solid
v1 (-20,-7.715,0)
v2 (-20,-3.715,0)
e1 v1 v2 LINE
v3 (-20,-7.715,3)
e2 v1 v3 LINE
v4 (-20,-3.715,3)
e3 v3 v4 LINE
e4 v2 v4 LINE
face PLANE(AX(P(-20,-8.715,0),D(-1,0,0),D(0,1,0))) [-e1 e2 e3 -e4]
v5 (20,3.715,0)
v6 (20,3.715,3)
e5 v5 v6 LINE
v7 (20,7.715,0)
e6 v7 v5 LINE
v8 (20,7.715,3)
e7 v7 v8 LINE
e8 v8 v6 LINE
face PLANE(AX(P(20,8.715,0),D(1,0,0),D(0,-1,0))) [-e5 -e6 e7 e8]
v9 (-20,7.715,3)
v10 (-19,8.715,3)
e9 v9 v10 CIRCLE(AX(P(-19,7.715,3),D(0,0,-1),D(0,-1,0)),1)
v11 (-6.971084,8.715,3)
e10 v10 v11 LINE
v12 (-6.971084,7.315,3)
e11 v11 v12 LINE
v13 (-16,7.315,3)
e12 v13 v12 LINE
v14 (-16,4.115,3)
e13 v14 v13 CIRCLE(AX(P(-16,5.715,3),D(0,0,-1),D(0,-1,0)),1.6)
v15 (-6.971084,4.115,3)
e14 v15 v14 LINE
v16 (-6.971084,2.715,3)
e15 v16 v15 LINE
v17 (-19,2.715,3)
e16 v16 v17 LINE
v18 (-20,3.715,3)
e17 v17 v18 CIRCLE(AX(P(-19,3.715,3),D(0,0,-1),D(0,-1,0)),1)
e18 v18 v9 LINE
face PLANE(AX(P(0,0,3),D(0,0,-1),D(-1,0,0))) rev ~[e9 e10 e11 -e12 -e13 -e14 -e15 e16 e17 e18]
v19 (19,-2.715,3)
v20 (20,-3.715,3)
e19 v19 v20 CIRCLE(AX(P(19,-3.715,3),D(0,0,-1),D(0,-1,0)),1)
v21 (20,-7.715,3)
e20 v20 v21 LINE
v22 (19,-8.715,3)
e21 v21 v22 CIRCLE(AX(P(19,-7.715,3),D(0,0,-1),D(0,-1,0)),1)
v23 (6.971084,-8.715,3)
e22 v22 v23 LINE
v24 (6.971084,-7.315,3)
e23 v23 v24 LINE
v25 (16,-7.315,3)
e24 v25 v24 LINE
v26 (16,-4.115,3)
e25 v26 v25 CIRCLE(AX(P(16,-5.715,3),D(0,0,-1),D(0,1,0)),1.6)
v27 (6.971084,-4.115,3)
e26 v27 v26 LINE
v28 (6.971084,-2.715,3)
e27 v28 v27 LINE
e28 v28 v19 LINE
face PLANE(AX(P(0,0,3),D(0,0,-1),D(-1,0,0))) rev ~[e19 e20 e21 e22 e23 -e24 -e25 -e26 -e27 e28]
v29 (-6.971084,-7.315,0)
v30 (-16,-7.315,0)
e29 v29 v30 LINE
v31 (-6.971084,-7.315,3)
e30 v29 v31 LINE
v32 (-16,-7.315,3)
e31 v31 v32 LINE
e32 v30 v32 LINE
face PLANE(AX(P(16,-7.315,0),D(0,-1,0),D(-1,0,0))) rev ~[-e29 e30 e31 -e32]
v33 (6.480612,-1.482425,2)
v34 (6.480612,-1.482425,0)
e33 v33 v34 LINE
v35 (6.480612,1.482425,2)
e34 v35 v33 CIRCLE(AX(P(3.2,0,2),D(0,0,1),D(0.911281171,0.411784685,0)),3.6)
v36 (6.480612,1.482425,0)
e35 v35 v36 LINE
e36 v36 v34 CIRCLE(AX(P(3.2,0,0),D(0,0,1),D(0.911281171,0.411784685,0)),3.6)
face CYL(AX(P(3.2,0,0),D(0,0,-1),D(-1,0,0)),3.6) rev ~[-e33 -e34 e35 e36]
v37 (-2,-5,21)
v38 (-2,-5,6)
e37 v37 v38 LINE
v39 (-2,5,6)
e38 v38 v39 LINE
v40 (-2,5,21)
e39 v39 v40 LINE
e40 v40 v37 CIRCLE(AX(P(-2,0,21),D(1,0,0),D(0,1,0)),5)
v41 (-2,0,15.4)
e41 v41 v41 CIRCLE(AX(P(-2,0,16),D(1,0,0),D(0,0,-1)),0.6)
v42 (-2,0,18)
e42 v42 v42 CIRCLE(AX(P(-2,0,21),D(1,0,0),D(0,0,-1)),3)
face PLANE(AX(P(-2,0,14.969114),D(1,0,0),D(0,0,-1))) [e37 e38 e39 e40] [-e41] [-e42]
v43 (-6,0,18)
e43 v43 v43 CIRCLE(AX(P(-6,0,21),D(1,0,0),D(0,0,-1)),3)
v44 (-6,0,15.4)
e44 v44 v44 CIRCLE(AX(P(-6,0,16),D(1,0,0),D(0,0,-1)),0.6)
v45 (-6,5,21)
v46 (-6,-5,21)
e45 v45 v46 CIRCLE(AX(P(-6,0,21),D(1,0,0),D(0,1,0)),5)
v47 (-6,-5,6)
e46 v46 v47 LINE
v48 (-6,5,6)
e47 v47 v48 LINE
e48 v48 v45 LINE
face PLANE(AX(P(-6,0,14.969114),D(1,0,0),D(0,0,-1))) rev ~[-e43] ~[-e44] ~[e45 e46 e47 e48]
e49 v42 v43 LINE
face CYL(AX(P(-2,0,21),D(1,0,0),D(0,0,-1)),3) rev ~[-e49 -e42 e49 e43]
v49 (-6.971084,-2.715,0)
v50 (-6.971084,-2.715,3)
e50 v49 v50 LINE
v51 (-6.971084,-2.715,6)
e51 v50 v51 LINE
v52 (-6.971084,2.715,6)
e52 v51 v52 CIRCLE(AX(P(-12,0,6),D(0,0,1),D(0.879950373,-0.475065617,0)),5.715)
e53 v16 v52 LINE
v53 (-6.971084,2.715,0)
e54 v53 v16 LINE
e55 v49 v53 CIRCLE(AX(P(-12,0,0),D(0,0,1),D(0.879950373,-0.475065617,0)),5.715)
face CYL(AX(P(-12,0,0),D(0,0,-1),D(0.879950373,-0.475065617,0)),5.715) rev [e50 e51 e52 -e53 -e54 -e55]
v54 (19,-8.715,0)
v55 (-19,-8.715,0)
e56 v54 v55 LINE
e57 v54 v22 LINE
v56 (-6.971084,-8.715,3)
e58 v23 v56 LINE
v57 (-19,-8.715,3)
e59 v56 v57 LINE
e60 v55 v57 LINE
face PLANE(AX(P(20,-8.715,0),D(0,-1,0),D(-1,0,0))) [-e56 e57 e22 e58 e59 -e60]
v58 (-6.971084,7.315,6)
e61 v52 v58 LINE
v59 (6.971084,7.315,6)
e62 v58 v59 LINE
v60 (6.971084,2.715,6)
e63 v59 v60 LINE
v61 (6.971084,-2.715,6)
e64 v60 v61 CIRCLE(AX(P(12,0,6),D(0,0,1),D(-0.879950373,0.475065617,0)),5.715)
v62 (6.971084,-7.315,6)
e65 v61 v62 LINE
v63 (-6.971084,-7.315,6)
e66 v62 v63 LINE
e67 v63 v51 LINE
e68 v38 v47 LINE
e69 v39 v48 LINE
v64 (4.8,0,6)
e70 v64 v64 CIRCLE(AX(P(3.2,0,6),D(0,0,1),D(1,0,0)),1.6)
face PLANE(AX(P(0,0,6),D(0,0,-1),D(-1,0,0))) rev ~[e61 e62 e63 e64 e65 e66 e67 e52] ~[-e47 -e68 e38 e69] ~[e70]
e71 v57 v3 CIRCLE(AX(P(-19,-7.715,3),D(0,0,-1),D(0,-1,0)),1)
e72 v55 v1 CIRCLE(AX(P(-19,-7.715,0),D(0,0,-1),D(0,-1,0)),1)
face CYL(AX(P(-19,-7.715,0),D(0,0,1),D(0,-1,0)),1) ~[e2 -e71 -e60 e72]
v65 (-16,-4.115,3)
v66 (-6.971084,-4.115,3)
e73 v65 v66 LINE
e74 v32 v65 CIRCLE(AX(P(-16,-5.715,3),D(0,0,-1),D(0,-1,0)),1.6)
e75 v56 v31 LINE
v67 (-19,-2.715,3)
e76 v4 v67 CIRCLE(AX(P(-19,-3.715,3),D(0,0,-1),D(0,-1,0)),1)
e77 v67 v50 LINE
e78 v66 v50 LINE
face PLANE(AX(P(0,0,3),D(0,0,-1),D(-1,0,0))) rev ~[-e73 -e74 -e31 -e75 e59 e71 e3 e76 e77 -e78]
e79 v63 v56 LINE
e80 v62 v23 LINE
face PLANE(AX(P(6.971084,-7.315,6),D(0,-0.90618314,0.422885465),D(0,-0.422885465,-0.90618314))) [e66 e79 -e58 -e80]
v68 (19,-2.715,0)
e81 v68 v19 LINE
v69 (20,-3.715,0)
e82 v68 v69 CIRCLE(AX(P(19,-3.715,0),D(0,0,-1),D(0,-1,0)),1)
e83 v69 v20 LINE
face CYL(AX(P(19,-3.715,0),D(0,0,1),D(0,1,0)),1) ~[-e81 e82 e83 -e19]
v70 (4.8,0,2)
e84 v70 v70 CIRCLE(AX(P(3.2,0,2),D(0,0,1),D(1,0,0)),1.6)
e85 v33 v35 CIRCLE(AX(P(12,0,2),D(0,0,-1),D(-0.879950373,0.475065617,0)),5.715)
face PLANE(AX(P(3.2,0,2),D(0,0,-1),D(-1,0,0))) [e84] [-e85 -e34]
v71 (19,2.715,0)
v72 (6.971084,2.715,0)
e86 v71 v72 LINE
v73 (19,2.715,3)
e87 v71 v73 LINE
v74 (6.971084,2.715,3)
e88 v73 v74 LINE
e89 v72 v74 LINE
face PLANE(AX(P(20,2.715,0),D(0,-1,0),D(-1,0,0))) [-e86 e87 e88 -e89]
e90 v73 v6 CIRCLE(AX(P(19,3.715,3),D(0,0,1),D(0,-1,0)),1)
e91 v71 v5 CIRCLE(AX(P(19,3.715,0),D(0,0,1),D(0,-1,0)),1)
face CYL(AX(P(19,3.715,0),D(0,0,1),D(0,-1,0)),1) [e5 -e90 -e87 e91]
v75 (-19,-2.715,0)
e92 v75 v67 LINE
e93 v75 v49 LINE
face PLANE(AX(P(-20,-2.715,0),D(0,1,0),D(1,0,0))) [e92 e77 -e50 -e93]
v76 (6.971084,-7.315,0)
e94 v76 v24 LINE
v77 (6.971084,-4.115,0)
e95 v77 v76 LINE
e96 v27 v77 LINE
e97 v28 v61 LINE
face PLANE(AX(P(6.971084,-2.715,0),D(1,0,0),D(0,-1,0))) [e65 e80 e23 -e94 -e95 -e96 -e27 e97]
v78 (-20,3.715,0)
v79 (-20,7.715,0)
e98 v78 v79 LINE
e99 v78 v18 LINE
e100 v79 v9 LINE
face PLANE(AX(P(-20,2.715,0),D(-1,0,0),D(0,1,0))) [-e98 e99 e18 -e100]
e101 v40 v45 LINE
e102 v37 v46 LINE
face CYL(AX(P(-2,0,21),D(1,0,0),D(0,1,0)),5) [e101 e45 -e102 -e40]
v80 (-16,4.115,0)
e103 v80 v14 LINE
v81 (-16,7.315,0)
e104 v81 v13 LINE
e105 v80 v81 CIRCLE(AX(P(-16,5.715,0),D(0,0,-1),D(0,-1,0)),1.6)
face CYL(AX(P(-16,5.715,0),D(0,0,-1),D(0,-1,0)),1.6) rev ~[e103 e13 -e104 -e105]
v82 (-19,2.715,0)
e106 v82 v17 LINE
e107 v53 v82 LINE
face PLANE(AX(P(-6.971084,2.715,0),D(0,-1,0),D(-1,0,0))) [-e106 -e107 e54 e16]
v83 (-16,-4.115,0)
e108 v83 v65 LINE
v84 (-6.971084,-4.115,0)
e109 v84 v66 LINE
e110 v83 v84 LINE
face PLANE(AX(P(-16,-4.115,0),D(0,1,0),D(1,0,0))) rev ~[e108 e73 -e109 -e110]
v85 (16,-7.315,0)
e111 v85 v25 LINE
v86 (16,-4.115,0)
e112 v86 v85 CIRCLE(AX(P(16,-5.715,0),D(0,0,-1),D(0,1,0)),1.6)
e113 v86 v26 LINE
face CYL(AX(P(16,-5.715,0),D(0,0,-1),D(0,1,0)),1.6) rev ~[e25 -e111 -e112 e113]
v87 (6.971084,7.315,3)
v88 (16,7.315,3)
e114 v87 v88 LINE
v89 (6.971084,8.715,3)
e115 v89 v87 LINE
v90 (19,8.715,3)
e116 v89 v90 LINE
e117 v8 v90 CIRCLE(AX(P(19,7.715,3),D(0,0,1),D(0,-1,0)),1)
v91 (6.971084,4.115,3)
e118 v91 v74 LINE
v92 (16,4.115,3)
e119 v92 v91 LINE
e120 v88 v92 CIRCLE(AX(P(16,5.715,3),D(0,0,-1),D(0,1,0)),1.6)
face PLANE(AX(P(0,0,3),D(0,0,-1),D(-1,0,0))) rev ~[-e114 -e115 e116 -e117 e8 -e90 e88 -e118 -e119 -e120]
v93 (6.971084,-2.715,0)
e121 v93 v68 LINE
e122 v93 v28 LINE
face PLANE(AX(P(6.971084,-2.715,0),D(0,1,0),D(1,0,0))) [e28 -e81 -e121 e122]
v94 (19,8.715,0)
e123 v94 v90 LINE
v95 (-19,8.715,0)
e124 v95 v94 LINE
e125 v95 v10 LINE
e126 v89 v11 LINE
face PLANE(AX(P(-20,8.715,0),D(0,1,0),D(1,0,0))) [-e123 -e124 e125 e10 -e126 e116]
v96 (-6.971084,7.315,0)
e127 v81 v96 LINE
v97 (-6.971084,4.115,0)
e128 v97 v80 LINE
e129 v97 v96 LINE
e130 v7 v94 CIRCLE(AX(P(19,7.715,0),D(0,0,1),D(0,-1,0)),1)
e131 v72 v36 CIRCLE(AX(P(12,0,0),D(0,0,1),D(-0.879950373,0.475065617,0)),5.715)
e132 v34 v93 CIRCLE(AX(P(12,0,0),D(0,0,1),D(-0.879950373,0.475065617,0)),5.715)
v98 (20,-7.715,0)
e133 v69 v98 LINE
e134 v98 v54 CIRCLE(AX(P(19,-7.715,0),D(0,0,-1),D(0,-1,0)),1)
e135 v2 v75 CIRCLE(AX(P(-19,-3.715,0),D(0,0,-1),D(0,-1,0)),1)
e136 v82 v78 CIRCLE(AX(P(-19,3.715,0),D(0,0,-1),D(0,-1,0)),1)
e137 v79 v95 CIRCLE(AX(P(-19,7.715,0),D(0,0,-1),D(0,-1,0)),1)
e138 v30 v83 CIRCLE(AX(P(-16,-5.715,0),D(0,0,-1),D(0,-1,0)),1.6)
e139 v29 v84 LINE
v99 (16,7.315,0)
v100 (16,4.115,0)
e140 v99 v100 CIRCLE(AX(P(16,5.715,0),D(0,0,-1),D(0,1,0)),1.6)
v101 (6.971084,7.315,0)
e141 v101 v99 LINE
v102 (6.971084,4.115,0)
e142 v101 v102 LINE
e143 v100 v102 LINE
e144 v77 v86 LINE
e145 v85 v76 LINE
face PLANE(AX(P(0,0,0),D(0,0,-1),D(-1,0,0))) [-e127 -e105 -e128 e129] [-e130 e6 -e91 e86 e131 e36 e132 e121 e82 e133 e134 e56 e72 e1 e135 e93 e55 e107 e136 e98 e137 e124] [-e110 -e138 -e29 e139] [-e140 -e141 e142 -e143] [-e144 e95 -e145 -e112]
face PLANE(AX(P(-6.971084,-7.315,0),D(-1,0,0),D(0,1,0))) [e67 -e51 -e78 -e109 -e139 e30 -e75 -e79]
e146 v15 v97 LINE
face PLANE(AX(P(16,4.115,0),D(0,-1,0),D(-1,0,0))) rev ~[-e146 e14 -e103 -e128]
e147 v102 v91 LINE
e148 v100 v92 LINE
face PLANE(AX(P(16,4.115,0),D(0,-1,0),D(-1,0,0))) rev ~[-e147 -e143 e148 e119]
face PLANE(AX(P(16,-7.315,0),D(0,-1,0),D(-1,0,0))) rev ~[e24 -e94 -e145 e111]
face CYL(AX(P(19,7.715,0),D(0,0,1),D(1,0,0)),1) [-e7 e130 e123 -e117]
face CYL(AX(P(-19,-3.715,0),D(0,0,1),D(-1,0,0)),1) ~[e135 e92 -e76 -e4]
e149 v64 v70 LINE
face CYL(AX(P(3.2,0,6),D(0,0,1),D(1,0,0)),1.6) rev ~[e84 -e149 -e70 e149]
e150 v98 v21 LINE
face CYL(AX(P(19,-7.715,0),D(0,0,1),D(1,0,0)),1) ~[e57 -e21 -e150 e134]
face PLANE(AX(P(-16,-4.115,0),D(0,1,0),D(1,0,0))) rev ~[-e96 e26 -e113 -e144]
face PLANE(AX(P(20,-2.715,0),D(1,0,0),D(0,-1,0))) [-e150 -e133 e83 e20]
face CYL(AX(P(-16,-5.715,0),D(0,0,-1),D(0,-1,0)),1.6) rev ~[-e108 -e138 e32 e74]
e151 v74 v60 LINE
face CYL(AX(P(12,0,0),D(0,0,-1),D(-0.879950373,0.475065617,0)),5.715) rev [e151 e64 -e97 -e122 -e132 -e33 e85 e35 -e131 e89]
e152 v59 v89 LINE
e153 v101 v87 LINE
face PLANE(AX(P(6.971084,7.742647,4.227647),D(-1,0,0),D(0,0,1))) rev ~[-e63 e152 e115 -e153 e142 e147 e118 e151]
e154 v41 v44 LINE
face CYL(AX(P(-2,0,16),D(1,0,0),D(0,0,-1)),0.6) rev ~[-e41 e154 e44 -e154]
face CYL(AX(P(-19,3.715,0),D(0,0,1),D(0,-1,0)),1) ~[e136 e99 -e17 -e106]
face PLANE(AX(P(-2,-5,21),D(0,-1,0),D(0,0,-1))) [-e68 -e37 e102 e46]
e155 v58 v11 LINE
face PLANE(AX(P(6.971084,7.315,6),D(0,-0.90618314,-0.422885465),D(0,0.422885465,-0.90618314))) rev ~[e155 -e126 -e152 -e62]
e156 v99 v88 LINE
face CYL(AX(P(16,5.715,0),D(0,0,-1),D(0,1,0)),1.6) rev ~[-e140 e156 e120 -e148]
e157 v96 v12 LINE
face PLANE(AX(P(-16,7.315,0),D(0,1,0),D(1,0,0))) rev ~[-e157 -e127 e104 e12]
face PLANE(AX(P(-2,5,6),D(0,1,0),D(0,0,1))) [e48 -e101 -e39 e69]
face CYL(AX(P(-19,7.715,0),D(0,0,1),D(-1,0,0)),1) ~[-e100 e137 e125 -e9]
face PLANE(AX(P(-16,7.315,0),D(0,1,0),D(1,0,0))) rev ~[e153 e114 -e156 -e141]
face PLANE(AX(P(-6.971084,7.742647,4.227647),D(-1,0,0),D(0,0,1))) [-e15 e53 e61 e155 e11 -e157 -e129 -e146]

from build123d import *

# Parameters (mm, degrees)
EXTRUDE_1_DEPTH     = 3
EXTRUDE_START       = -3
EXTRUDE_2_DEPTH     = 6
EXTRUDE_START_2     = -2
SKETCH_3_R          = 3
SKETCH_3_R_2        = 0.6
EXTRUDE_3_DEPTH     = 4
FILLET_2_R          = 1
EXTRUDE_4_DEPTH     = 13.942167231
SKETCH_8_R          = 1.6
CUT_EXTRUDE_1_DEPTH = 30.596473185
SKETCH_9_R          = 3.6
CUT_EXTRUDE_2_DEPTH = 2


with BuildPart() as part:
    # 草图1 → 凸台-拉伸1 (new body)
    with BuildSketch(Plane.XY):
        with BuildLine():
            Line((20, 8.715), (20, 2.715))
            Line((20, 2.715), (6.971083616, 2.715))
            ThreePointArc((6.971083616, 2.715), (6.285, 0), (6.971083616, -2.715))
            Line((6.971083616, -2.715), (20, -2.715))
            Line((20, -2.715), (20, -8.715))
            Line((20, -8.715), (-20, -8.715))
            Line((-20, -8.715), (-20, -2.715))
            Line((-20, -2.715), (-6.971083616, -2.715))
            ThreePointArc((-6.971083616, -2.715), (-6.285, 0), (-6.971083616, 2.715))
            Line((-6.971083616, 2.715), (-20, 2.715))
            Line((-20, 2.715), (-20, 8.715))
            Line((-20, 8.715), (20, 8.715))
        make_face()
        with BuildLine():
            Line((16, 4.115), (-16, 4.115))
            ThreePointArc((-16, 4.115), (-17.6, 5.715), (-16, 7.315))
            Line((-16, 7.315), (16, 7.315))
            ThreePointArc((16, 7.315), (17.6, 5.715), (16, 4.115))
        make_face(mode=Mode.SUBTRACT)
        with BuildLine():
            Line((16, -7.315), (-16, -7.315))
            ThreePointArc((-16, -7.315), (-17.6, -5.715), (-16, -4.115))
            Line((-16, -4.115), (16, -4.115))
            ThreePointArc((16, -4.115), (17.6, -5.715), (16, -7.315))
        make_face(mode=Mode.SUBTRACT)
    extrude(amount=EXTRUDE_1_DEPTH)

    # 草图2 → 凸台-拉伸2 (add)
    with BuildSketch(Plane.XY.offset(3).offset(EXTRUDE_START)):
        with BuildLine():
            Line((-6.971083616, 2.715), (-6.971083616, 4.115))
            Line((-6.971083616, 4.115), (-6.971083616, 7.315))
            Line((-6.971083616, 7.315), (6.971083616, 7.315))
            Line((6.971083616, 7.315), (6.971083616, 4.115))
            Line((6.971083616, 4.115), (6.971083616, 2.715))
            ThreePointArc((6.971083616, 2.715), (6.285, 0), (6.971083616, -2.715))
            Line((6.971083616, -2.715), (6.971083616, -4.115))
            Line((6.971083616, -4.115), (6.971083616, -7.315))
            Line((6.971083616, -7.315), (-6.971083616, -7.315))
            Line((-6.971083616, -7.315), (-6.971083616, -4.115))
            Line((-6.971083616, -4.115), (-6.971083616, -2.715))
            ThreePointArc((-6.971083616, -2.715), (-6.285, 0), (-6.971083616, 2.715))
        make_face()
    extrude(amount=EXTRUDE_2_DEPTH)

    # 草图3 → 凸台-拉伸3 (add)
    with BuildSketch(Plane(origin=(0, 0, 0), x_dir=(0, 0, -1), z_dir=(1, 0, 0)).offset(EXTRUDE_START_2)):
        with BuildLine():
            Line((-6, 5), (-21, 5))
            ThreePointArc((-21, 5), (-26, 0), (-21, -5))
            Line((-21, -5), (-6, -5))
            Line((-6, -5), (-6, 5))
        make_face()
        with Locations((-21, 0)):
            Circle(SKETCH_3_R, mode=Mode.SUBTRACT)
        with Locations((-16, 0)):
            Circle(SKETCH_3_R_2, mode=Mode.SUBTRACT)
    extrude(amount=-EXTRUDE_3_DEPTH)

    # 圆角2
    fillet_2_edges = [part.edges().sort_by_distance(p)[0] for p in [
        (-20, -8.715, 1.5),
        (-20, -2.715, 1.5),
        (-20, 2.715, 1.5),
        (-20, 8.715, 1.5),
        (20, 8.715, 1.5),
        (20, 2.715, 1.5),
        (20, -2.715, 1.5),
        (20, -8.715, 1.5),
    ]]
    fillet(fillet_2_edges, radius=FILLET_2_R)

    # 草图6 → 凸台-拉伸4 (add)
    with BuildSketch(Plane(origin=(6.971083616, 0, 0), x_dir=(0, 0, -1), z_dir=(1, 0, 0))):
        Polygon((-6, 7.315), (-3, 8.715), (-3, 7.315), align=None)
        Polygon((-3, -7.315), (-6, -7.315), (-3, -8.715), align=None)
    extrude(amount=-EXTRUDE_4_DEPTH)

    # 草图8 → 切除-拉伸1 (cut, through all)
    with BuildSketch(Plane.XY.offset(6)):
        with Locations((3.2, 0)):
            Circle(SKETCH_8_R)
    extrude(amount=-CUT_EXTRUDE_1_DEPTH, mode=Mode.SUBTRACT)

    # 草图9 → 切除-拉伸2 (cut)
    with BuildSketch(Plane(origin=(0, 0, 0), x_dir=(-1, 0, 0), z_dir=(0, 0, -1))):
        with Locations((-3.2, 0)):
            Circle(SKETCH_9_R)
    extrude(amount=-CUT_EXTRUDE_2_DEPTH, mode=Mode.SUBTRACT)


solid = part.part
